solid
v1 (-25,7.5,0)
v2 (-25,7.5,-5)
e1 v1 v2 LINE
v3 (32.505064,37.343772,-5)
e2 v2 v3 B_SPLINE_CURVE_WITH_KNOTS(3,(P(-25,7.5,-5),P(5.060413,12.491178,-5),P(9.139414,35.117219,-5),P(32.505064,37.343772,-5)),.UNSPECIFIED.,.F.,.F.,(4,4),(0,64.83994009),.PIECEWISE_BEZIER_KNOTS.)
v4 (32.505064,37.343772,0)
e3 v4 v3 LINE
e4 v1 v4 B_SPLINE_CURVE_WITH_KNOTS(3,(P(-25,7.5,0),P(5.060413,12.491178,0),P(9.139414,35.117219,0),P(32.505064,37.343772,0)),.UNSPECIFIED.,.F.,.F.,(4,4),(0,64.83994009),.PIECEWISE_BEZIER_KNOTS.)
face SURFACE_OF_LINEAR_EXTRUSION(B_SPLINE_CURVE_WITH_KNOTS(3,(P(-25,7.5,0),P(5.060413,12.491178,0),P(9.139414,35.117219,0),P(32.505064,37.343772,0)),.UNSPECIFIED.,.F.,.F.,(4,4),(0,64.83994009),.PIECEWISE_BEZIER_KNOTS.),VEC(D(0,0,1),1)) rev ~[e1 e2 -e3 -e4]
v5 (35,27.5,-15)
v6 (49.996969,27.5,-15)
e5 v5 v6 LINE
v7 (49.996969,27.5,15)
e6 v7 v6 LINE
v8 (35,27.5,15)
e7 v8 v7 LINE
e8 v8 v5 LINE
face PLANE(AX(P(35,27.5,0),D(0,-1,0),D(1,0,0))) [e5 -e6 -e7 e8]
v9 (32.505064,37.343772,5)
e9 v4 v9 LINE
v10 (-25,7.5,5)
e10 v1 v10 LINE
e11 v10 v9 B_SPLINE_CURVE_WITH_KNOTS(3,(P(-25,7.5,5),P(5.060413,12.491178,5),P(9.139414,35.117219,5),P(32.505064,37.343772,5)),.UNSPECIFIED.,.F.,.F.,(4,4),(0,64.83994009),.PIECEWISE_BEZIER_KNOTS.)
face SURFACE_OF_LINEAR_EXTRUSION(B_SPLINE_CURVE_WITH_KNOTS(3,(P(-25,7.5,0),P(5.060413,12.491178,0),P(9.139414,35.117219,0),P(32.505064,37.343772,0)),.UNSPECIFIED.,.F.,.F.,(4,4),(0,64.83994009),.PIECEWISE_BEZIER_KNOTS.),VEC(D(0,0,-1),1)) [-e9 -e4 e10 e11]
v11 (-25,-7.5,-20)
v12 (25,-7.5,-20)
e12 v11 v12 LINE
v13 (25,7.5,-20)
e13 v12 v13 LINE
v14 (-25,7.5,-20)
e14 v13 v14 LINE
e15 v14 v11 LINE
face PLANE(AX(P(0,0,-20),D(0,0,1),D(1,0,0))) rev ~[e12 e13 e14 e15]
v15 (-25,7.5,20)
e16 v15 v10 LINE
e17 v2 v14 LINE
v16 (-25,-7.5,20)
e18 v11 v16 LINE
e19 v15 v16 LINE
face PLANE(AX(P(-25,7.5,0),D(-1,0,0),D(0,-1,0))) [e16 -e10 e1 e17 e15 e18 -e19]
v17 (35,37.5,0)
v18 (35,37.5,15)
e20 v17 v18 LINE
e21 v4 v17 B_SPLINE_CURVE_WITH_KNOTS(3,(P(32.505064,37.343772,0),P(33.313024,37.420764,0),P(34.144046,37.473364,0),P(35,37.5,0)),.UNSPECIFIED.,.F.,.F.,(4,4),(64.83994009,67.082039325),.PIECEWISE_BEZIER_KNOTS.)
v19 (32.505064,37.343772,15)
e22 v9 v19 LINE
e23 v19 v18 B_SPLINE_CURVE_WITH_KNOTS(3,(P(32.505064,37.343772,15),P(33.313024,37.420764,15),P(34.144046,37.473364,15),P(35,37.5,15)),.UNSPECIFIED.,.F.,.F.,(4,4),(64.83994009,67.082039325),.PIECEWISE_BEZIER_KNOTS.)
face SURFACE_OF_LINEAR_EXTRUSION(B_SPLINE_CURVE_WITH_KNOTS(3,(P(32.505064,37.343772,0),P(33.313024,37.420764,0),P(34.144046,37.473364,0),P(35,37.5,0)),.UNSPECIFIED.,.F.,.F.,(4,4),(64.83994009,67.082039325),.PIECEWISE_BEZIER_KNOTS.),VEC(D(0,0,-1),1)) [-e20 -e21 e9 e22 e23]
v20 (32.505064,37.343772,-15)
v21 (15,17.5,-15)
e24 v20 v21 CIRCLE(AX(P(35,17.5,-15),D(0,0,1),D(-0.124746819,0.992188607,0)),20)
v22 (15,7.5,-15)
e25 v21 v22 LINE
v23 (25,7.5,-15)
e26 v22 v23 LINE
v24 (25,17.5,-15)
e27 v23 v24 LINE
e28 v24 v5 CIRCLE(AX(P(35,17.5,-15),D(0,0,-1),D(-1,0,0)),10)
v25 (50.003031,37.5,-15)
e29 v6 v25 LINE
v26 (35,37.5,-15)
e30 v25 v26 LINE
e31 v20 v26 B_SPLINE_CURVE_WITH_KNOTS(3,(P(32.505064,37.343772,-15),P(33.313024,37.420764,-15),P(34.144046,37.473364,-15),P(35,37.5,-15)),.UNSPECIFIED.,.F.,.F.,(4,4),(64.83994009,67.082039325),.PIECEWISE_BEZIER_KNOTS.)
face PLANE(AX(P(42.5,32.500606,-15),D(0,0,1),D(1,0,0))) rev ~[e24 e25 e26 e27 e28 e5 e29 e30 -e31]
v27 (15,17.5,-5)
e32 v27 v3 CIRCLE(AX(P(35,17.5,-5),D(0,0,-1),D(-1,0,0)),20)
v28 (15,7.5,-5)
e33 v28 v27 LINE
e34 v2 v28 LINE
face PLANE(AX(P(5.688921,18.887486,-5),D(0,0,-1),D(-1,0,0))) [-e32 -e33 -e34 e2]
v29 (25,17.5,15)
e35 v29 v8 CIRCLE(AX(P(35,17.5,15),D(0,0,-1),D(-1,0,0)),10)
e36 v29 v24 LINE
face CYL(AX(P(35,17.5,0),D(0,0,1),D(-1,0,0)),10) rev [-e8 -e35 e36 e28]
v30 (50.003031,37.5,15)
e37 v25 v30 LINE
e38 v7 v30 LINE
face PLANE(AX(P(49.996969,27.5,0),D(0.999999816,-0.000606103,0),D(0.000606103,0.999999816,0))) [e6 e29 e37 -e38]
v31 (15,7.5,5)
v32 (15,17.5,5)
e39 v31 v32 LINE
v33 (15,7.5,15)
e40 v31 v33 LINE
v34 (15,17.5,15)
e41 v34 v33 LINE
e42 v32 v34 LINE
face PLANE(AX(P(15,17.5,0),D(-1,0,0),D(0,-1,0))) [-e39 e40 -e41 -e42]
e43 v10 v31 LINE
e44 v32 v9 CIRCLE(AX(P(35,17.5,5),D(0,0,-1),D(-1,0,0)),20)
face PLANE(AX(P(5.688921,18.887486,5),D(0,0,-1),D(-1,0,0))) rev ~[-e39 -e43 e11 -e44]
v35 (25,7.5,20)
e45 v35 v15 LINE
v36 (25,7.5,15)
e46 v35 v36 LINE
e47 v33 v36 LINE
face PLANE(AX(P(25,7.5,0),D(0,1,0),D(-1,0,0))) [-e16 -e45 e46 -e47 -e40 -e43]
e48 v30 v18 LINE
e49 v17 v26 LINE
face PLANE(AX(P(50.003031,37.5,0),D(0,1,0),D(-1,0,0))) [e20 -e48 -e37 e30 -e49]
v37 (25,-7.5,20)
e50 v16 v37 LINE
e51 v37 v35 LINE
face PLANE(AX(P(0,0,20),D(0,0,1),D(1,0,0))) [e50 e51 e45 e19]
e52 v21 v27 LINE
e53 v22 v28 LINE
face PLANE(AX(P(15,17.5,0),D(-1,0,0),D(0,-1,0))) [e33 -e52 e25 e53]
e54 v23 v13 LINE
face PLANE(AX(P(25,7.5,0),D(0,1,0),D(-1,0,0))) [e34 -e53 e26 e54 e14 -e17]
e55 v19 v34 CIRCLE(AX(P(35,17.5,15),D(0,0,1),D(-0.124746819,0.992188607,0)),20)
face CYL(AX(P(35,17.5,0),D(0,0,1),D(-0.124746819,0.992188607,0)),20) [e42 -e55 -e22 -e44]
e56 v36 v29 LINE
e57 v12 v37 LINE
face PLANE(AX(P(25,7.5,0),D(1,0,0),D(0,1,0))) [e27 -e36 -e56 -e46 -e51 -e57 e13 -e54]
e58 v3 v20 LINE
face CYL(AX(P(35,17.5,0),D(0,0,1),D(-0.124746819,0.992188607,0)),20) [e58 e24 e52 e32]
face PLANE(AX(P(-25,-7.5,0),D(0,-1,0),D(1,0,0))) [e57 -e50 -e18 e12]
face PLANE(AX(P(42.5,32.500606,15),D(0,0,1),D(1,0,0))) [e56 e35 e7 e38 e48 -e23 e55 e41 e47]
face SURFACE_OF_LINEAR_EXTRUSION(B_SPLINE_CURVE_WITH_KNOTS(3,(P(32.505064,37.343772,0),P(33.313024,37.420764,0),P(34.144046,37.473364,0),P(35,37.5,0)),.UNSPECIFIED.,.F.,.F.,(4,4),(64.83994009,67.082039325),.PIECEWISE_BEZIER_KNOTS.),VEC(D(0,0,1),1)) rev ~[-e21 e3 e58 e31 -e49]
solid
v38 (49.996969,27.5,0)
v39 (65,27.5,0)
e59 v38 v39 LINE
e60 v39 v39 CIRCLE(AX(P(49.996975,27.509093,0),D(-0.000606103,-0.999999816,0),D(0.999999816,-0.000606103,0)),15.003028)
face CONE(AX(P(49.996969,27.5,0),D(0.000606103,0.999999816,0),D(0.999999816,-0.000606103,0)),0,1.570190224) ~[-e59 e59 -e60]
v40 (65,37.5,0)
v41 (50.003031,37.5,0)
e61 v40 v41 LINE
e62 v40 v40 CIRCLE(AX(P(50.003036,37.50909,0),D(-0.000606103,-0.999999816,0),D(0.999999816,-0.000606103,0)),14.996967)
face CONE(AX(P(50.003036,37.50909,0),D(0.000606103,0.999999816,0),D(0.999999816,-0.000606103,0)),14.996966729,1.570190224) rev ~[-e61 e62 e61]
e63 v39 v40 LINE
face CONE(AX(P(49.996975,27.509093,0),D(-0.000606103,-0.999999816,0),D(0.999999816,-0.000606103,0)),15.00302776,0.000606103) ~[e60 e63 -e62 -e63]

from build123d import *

# Parameters (mm, degrees)
F1_DEPTH      = 20
F1_DEPTH_BACK = 20
F2_DEPTH      = 15
F2_DEPTH_BACK = 15
F3_DEPTH      = 5
F3_DEPTH_BACK = 5


with BuildPart() as f1:
    # F0 (on Top) → F1 (new body, two sides)
    with BuildSketch(Plane.XY) as f1_sk:
        Polygon((15, 7.5), (-25, 7.5), (-25, -7.5), (25, -7.5), (25, 7.5), align=None)
    extrude(amount=F1_DEPTH)
    extrude(f1_sk.sketch, amount=-F1_DEPTH_BACK)

    # F0 (on Top) → F2 (join, two sides)
    with BuildSketch(Plane.XY) as f2_sk:
        Polygon((50.0030305161, 37.5), (35, 37.5), (35, 37.1808245778), (35, 27.5), (49.9969694839, 27.5), align=None)
        with BuildLine():
            Line((15, 17.5), (15, 7.5))
            Line((15, 7.5), (25, 7.5))
            Line((25, 7.5), (25, 17.5))
            ThreePointArc((25, 17.5), (27.9289321881, 24.5710678119), (35, 27.5))
            Line((35, 27.5), (35, 37.1808245778))
            Line((35, 37.1808245778), (35, 37.5))
            add(Edge.make_bspline(
                [(32.5050636149, 37.3437721322), (33.3130240247, 37.4207640742), (34.1440455975, 37.4733642234), (35, 37.5)],
                knots=[64.8399400902, 64.8399400902, 64.8399400902, 64.8399400902, 67.082039325, 67.082039325, 67.082039325, 67.082039325], degree=3))
            ThreePointArc((32.5050636149, 37.3437721322), (20.0016879666, 30.7306702834), (15, 17.5))
        make_face()
    extrude(amount=F2_DEPTH)
    extrude(f2_sk.sketch, amount=-F2_DEPTH_BACK)

    # F0 (on Top) → F3 (join, two sides)
    with BuildSketch(Plane.XY) as f3_sk:
        with BuildLine():
            add(Edge.make_bspline(
                [(-25, 7.5), (5.0604127766, 12.4911778165), (9.1394142449, 35.1172190736), (32.5050636149, 37.3437721322)],
                knots=[0, 0, 0, 0, 64.8399400902, 64.8399400902, 64.8399400902, 64.8399400902], degree=3))
            Line((-25, 7.5), (15, 7.5))
            Line((15, 7.5), (15, 17.5))
            ThreePointArc((15, 17.5), (20.0016879666, 30.7306702834), (32.5050636149, 37.3437721322))
        make_face()
    extrude(amount=F3_DEPTH)
    extrude(f3_sk.sketch, amount=-F3_DEPTH_BACK)


with BuildPart() as f4:
    # F0 (on Top) → F4 (revolve)
    with BuildSketch(Plane.XY):
        Polygon((65, 37.5), (50.0030305161, 37.5), (49.9969694839, 27.5), (65, 27.5), align=None)
    revolve(axis=Axis((50, 32.5, 0), (-0.0006061031, -0.9999998163, 0)))


solid = Compound([f1.part, f4.part])
